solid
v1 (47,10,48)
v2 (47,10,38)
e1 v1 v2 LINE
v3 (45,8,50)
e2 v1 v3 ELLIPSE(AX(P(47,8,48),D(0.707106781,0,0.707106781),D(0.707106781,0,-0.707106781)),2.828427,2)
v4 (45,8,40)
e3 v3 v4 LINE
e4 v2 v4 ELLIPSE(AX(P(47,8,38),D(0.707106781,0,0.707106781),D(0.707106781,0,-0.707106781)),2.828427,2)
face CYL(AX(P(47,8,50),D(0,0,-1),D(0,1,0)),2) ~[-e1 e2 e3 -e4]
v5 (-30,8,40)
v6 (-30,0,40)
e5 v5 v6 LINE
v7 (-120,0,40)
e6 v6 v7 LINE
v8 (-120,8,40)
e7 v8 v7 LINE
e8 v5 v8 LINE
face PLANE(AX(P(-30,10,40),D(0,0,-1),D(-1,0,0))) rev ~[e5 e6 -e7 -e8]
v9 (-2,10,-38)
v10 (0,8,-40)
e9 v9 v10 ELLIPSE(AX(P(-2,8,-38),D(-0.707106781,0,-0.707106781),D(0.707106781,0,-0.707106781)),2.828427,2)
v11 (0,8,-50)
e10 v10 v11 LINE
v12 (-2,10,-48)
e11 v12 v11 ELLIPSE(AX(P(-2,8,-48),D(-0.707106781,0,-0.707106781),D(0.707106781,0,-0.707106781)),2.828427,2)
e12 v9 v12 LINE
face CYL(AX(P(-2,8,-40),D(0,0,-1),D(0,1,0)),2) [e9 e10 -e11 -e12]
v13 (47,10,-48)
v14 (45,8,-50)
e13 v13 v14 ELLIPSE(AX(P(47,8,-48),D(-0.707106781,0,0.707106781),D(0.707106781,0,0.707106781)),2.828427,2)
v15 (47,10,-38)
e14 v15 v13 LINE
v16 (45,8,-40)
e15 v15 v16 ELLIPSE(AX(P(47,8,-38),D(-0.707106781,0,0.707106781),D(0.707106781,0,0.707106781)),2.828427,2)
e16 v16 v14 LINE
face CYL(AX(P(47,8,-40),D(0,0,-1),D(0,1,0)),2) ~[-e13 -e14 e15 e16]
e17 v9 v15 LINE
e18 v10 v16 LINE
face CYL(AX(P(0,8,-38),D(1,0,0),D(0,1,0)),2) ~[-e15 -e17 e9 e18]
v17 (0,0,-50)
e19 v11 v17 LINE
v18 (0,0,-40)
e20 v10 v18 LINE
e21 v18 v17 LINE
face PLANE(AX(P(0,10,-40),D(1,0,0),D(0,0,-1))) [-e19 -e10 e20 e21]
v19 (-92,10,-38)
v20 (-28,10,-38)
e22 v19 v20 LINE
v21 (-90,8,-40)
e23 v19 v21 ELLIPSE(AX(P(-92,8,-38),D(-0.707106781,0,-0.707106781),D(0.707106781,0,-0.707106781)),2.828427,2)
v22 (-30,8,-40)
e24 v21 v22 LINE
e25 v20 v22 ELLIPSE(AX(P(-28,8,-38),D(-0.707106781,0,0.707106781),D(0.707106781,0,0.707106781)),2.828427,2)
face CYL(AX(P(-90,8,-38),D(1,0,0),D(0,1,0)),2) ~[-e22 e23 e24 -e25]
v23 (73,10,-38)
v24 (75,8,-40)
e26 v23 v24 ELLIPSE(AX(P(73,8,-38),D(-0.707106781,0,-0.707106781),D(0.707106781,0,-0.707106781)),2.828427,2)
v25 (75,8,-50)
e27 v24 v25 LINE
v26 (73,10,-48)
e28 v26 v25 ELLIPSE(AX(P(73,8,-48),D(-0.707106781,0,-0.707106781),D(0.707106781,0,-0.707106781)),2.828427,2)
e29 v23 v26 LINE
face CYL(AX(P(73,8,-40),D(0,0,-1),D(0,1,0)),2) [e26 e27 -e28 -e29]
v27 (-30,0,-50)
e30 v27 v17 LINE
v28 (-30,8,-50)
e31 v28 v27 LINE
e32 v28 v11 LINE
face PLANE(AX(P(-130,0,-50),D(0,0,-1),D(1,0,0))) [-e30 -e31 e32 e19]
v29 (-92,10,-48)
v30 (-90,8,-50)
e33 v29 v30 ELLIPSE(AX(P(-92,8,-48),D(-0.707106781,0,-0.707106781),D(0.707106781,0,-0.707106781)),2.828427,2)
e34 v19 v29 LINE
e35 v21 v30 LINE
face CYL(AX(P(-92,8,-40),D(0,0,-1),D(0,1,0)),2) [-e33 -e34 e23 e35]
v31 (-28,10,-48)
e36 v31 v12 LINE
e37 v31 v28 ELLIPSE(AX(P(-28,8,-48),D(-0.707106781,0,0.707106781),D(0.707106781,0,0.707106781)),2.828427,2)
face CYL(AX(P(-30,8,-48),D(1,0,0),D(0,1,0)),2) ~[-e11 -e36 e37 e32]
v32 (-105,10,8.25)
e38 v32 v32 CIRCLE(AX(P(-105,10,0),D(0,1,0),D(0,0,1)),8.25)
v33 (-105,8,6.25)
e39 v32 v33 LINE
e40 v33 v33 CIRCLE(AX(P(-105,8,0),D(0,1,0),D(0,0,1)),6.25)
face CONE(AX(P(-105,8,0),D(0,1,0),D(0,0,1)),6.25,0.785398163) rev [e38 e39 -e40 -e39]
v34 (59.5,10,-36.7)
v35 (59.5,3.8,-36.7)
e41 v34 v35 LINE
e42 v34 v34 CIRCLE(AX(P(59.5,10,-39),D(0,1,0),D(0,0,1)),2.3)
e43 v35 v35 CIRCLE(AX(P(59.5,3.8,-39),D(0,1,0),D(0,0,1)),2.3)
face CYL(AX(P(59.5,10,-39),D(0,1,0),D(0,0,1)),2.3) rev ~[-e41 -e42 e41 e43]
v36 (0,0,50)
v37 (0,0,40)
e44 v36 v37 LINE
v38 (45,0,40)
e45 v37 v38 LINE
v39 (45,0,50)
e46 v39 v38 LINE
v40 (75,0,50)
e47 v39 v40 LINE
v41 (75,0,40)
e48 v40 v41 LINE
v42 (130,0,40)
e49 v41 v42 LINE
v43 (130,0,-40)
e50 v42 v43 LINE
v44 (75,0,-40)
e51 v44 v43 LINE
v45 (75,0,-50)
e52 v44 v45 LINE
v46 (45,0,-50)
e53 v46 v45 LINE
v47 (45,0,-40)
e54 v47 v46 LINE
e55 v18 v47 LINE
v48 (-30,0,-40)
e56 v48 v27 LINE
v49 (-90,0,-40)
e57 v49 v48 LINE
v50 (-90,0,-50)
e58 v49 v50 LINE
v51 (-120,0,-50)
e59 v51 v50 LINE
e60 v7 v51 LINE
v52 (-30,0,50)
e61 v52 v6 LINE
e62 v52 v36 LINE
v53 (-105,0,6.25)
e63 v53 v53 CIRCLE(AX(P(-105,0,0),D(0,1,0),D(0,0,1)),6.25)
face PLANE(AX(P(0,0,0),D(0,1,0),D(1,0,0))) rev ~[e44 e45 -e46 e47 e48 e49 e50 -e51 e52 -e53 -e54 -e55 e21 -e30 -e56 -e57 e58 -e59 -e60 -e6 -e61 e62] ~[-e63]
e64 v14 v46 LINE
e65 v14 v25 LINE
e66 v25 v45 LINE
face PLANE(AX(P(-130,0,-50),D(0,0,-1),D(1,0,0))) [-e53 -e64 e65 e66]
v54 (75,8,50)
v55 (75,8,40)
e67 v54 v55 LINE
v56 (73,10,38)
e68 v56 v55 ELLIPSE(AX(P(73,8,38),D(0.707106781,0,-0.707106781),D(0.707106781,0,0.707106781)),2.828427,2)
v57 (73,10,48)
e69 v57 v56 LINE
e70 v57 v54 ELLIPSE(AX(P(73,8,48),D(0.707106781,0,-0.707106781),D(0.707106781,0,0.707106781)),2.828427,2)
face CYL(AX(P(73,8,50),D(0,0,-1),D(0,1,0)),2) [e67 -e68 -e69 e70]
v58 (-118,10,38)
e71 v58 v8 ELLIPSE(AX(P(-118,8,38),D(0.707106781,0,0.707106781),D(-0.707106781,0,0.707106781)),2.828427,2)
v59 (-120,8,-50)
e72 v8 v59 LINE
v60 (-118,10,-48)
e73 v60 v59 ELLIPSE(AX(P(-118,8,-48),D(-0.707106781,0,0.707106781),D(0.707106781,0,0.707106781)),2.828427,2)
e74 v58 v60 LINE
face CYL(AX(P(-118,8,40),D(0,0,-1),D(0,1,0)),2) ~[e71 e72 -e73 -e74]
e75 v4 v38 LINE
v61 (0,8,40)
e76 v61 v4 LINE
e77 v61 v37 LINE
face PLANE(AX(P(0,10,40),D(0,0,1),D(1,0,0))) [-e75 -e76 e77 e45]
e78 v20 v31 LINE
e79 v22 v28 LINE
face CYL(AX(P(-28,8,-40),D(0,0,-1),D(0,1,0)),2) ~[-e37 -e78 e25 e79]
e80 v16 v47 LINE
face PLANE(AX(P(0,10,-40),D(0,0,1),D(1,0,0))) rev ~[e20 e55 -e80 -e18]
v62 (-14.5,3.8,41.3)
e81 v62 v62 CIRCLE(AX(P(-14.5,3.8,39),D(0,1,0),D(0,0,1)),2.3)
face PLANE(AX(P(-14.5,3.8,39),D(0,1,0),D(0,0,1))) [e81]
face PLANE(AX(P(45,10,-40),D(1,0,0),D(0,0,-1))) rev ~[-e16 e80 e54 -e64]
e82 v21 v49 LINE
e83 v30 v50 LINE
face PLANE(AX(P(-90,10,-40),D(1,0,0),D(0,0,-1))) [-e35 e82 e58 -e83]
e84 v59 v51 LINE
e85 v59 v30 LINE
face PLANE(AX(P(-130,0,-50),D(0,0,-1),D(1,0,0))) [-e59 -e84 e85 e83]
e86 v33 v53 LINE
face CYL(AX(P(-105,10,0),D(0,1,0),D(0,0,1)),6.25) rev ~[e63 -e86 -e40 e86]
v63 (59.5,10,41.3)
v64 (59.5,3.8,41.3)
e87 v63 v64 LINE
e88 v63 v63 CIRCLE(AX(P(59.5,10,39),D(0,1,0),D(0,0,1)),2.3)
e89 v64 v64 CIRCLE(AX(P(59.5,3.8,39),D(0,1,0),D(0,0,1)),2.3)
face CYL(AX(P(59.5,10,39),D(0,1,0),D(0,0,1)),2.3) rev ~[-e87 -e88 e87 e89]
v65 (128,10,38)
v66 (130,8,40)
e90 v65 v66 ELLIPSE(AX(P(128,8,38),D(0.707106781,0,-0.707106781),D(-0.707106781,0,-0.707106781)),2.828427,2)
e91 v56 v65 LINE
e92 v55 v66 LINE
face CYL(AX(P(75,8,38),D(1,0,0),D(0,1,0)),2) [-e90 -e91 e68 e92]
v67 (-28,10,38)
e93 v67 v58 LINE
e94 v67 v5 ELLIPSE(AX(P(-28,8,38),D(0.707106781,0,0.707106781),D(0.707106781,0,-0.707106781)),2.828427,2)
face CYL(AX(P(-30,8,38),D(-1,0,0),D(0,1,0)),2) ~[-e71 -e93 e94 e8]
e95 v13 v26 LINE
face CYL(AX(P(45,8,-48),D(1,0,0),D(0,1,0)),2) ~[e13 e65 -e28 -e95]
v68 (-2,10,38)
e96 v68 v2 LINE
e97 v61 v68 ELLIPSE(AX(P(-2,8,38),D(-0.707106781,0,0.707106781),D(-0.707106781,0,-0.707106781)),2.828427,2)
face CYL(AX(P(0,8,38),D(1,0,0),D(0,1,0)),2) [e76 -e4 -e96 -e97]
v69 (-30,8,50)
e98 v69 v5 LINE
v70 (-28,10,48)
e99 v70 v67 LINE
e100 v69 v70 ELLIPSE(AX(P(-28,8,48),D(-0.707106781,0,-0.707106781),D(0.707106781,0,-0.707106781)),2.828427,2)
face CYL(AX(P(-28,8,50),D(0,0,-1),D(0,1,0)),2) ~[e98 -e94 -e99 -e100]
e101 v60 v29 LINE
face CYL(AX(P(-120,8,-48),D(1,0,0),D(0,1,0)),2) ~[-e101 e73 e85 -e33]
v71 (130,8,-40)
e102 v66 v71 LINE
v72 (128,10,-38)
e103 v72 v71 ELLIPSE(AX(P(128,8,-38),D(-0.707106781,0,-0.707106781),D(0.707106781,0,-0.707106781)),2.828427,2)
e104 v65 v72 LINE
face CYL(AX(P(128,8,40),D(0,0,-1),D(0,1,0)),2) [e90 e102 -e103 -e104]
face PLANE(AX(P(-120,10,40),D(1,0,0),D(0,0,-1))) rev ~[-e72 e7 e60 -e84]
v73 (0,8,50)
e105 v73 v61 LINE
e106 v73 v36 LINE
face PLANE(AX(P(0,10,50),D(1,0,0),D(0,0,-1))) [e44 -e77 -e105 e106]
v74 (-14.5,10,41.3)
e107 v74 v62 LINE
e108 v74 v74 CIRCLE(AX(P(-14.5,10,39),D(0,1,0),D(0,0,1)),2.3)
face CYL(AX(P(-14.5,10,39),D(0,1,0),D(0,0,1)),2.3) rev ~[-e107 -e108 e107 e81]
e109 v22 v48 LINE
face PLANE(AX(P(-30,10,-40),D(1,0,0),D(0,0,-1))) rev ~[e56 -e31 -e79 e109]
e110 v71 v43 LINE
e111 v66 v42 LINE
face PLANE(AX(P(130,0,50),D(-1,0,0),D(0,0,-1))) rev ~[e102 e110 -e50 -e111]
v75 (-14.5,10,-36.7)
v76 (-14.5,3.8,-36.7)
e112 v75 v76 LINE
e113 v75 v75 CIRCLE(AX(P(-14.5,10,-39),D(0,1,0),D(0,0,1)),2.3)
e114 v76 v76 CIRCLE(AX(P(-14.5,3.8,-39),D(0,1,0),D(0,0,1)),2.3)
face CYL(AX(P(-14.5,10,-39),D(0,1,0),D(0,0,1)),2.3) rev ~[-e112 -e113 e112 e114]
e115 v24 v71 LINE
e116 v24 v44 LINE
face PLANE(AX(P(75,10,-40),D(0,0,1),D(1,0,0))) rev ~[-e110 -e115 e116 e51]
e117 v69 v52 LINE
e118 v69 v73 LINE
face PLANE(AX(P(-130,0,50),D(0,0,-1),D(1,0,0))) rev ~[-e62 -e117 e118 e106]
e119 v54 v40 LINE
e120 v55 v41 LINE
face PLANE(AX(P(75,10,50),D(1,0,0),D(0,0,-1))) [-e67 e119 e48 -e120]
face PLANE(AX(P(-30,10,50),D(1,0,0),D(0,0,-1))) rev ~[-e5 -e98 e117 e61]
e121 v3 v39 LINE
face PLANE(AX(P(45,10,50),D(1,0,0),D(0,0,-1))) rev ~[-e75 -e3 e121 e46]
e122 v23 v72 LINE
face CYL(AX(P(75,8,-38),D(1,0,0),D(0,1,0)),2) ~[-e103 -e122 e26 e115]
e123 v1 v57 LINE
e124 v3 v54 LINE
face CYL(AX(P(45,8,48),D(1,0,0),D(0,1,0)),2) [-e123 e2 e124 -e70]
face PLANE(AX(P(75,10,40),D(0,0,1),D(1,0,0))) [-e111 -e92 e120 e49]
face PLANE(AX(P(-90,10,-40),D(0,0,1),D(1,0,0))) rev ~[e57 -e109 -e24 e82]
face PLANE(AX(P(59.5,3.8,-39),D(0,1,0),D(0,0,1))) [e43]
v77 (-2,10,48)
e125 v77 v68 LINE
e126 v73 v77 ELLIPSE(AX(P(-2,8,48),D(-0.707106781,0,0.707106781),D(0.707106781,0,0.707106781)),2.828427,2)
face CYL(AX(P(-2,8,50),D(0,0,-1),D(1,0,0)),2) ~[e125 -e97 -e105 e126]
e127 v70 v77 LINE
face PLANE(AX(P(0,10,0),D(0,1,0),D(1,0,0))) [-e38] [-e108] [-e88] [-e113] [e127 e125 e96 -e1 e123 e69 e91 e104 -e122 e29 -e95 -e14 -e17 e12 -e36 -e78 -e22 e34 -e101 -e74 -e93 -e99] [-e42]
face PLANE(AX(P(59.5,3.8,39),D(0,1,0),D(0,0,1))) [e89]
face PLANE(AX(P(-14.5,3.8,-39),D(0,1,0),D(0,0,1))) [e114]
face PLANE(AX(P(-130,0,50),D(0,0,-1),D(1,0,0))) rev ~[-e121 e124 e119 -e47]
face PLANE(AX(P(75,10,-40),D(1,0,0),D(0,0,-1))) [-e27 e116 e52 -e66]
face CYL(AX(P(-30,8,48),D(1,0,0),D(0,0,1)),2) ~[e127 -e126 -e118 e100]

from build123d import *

# Parameters (mm, degrees)
SKETCH1_W           = 260
SKETCH1_H           = 100
BOSS_EXTRUDE1_DEPTH = 10
SKETCH3_W           = 55
SKETCH3_H           = 10
SKETCH3_W_2         = 60
SKETCH3_W_3         = 45
CUT_EXTRUDE2_DEPTH  = 140.642400438
FILLET1_R           = 2
SKETCH2_R           = 6.25
CUT_EXTRUDE1_DEPTH  = 140.642400438
CHAMFER1_SIZE       = 2
SKETCH4_R           = 2.3
CUT_EXTRUDE3_DEPTH  = 6.2


with BuildPart() as part:
    # Sketch1 → Boss-Extrude1 (new body)
    with BuildSketch(Plane(origin=(0, 0, 0), x_dir=(1, 0, 0), z_dir=(0, 1, 0))):
        Rectangle(SKETCH1_W, SKETCH1_H)
    extrude(amount=BOSS_EXTRUDE1_DEPTH)

    # Sketch3 → Cut-Extrude2 (cut, through all)
    with BuildSketch(Plane(origin=(0, 10, 0), x_dir=(1, 0, 0), z_dir=(0, 1, 0))):
        with Locations((102.5, 45)):
            Rectangle(SKETCH3_W, SKETCH3_H)
        with Locations((102.5, -45)):
            Rectangle(SKETCH3_W, SKETCH3_H)
        Polygon((-130, -50), (-30, -50), (-30, -40), (-120, -40), (-120, 50), (-130, 50), (-130, -40), align=None)
        with Locations((-60, 45)):
            Rectangle(SKETCH3_W_2, SKETCH3_H)
        with Locations((22.5, 45)):
            Rectangle(SKETCH3_W_3, SKETCH3_H)
        with Locations((22.5, -45)):
            Rectangle(SKETCH3_W_3, SKETCH3_H)
    extrude(amount=-CUT_EXTRUDE2_DEPTH, mode=Mode.SUBTRACT)

    # Fillet1
    fillet1_edges = [part.edges().sort_by_distance(p)[0] for p in [
        (-15, 10, 50),
        (60, 10, 50),
        (130, 10, 0),
        (60, 10, -50),
        (-15, 10, -50),
        (-105, 10, -50),
        (0, 10, -45),
        (22.5, 10, -40),
        (45, 10, -45),
        (-90, 10, -45),
        (-60, 10, -40),
        (-30, 10, -45),
        (-30, 10, 45),
        (-75, 10, 40),
        (-120, 10, -5),
        (102.5, 10, 40),
        (75, 10, 45),
        (0, 10, 45),
        (45, 10, 45),
        (22.5, 10, 40),
        (75, 10, -45),
        (102.5, 10, -40),
    ]]
    fillet(fillet1_edges, radius=FILLET1_R)

    # Sketch2 → Cut-Extrude1 (cut, through all)
    with BuildSketch(Plane(origin=(0, 10, 0), x_dir=(1, 0, 0), z_dir=(0, 1, 0))):
        with Locations(Location((-105, 0, 0), (0, 0, 270))):
            Circle(SKETCH2_R)
    extrude(amount=-CUT_EXTRUDE1_DEPTH, mode=Mode.SUBTRACT)

    # Chamfer1
    chamfer1_edges = [part.edges().sort_by_distance(p)[0] for p in [
        (-105, 10, -6.25),
    ]]
    chamfer(chamfer1_edges, length=CHAMFER1_SIZE)

    # Sketch4 → Cut-Extrude3 (cut)
    with BuildSketch(Plane(origin=(0, 10, 0), x_dir=(1, 0, 0), z_dir=(0, 1, 0))):
        with Locations(Location((59.5, 39, 0), (0, 0, 270))):
            Circle(SKETCH4_R)
        with Locations(Location((-14.5, 39, 0), (0, 0, 270))):
            Circle(SKETCH4_R)
        with Locations(Location((59.5, -39, 0), (0, 0, 270))):
            Circle(SKETCH4_R)
        with Locations(Location((-14.5, -39, 0), (0, 0, 270))):
            Circle(SKETCH4_R)
    extrude(amount=-CUT_EXTRUDE3_DEPTH, mode=Mode.SUBTRACT)


solid = part.part
